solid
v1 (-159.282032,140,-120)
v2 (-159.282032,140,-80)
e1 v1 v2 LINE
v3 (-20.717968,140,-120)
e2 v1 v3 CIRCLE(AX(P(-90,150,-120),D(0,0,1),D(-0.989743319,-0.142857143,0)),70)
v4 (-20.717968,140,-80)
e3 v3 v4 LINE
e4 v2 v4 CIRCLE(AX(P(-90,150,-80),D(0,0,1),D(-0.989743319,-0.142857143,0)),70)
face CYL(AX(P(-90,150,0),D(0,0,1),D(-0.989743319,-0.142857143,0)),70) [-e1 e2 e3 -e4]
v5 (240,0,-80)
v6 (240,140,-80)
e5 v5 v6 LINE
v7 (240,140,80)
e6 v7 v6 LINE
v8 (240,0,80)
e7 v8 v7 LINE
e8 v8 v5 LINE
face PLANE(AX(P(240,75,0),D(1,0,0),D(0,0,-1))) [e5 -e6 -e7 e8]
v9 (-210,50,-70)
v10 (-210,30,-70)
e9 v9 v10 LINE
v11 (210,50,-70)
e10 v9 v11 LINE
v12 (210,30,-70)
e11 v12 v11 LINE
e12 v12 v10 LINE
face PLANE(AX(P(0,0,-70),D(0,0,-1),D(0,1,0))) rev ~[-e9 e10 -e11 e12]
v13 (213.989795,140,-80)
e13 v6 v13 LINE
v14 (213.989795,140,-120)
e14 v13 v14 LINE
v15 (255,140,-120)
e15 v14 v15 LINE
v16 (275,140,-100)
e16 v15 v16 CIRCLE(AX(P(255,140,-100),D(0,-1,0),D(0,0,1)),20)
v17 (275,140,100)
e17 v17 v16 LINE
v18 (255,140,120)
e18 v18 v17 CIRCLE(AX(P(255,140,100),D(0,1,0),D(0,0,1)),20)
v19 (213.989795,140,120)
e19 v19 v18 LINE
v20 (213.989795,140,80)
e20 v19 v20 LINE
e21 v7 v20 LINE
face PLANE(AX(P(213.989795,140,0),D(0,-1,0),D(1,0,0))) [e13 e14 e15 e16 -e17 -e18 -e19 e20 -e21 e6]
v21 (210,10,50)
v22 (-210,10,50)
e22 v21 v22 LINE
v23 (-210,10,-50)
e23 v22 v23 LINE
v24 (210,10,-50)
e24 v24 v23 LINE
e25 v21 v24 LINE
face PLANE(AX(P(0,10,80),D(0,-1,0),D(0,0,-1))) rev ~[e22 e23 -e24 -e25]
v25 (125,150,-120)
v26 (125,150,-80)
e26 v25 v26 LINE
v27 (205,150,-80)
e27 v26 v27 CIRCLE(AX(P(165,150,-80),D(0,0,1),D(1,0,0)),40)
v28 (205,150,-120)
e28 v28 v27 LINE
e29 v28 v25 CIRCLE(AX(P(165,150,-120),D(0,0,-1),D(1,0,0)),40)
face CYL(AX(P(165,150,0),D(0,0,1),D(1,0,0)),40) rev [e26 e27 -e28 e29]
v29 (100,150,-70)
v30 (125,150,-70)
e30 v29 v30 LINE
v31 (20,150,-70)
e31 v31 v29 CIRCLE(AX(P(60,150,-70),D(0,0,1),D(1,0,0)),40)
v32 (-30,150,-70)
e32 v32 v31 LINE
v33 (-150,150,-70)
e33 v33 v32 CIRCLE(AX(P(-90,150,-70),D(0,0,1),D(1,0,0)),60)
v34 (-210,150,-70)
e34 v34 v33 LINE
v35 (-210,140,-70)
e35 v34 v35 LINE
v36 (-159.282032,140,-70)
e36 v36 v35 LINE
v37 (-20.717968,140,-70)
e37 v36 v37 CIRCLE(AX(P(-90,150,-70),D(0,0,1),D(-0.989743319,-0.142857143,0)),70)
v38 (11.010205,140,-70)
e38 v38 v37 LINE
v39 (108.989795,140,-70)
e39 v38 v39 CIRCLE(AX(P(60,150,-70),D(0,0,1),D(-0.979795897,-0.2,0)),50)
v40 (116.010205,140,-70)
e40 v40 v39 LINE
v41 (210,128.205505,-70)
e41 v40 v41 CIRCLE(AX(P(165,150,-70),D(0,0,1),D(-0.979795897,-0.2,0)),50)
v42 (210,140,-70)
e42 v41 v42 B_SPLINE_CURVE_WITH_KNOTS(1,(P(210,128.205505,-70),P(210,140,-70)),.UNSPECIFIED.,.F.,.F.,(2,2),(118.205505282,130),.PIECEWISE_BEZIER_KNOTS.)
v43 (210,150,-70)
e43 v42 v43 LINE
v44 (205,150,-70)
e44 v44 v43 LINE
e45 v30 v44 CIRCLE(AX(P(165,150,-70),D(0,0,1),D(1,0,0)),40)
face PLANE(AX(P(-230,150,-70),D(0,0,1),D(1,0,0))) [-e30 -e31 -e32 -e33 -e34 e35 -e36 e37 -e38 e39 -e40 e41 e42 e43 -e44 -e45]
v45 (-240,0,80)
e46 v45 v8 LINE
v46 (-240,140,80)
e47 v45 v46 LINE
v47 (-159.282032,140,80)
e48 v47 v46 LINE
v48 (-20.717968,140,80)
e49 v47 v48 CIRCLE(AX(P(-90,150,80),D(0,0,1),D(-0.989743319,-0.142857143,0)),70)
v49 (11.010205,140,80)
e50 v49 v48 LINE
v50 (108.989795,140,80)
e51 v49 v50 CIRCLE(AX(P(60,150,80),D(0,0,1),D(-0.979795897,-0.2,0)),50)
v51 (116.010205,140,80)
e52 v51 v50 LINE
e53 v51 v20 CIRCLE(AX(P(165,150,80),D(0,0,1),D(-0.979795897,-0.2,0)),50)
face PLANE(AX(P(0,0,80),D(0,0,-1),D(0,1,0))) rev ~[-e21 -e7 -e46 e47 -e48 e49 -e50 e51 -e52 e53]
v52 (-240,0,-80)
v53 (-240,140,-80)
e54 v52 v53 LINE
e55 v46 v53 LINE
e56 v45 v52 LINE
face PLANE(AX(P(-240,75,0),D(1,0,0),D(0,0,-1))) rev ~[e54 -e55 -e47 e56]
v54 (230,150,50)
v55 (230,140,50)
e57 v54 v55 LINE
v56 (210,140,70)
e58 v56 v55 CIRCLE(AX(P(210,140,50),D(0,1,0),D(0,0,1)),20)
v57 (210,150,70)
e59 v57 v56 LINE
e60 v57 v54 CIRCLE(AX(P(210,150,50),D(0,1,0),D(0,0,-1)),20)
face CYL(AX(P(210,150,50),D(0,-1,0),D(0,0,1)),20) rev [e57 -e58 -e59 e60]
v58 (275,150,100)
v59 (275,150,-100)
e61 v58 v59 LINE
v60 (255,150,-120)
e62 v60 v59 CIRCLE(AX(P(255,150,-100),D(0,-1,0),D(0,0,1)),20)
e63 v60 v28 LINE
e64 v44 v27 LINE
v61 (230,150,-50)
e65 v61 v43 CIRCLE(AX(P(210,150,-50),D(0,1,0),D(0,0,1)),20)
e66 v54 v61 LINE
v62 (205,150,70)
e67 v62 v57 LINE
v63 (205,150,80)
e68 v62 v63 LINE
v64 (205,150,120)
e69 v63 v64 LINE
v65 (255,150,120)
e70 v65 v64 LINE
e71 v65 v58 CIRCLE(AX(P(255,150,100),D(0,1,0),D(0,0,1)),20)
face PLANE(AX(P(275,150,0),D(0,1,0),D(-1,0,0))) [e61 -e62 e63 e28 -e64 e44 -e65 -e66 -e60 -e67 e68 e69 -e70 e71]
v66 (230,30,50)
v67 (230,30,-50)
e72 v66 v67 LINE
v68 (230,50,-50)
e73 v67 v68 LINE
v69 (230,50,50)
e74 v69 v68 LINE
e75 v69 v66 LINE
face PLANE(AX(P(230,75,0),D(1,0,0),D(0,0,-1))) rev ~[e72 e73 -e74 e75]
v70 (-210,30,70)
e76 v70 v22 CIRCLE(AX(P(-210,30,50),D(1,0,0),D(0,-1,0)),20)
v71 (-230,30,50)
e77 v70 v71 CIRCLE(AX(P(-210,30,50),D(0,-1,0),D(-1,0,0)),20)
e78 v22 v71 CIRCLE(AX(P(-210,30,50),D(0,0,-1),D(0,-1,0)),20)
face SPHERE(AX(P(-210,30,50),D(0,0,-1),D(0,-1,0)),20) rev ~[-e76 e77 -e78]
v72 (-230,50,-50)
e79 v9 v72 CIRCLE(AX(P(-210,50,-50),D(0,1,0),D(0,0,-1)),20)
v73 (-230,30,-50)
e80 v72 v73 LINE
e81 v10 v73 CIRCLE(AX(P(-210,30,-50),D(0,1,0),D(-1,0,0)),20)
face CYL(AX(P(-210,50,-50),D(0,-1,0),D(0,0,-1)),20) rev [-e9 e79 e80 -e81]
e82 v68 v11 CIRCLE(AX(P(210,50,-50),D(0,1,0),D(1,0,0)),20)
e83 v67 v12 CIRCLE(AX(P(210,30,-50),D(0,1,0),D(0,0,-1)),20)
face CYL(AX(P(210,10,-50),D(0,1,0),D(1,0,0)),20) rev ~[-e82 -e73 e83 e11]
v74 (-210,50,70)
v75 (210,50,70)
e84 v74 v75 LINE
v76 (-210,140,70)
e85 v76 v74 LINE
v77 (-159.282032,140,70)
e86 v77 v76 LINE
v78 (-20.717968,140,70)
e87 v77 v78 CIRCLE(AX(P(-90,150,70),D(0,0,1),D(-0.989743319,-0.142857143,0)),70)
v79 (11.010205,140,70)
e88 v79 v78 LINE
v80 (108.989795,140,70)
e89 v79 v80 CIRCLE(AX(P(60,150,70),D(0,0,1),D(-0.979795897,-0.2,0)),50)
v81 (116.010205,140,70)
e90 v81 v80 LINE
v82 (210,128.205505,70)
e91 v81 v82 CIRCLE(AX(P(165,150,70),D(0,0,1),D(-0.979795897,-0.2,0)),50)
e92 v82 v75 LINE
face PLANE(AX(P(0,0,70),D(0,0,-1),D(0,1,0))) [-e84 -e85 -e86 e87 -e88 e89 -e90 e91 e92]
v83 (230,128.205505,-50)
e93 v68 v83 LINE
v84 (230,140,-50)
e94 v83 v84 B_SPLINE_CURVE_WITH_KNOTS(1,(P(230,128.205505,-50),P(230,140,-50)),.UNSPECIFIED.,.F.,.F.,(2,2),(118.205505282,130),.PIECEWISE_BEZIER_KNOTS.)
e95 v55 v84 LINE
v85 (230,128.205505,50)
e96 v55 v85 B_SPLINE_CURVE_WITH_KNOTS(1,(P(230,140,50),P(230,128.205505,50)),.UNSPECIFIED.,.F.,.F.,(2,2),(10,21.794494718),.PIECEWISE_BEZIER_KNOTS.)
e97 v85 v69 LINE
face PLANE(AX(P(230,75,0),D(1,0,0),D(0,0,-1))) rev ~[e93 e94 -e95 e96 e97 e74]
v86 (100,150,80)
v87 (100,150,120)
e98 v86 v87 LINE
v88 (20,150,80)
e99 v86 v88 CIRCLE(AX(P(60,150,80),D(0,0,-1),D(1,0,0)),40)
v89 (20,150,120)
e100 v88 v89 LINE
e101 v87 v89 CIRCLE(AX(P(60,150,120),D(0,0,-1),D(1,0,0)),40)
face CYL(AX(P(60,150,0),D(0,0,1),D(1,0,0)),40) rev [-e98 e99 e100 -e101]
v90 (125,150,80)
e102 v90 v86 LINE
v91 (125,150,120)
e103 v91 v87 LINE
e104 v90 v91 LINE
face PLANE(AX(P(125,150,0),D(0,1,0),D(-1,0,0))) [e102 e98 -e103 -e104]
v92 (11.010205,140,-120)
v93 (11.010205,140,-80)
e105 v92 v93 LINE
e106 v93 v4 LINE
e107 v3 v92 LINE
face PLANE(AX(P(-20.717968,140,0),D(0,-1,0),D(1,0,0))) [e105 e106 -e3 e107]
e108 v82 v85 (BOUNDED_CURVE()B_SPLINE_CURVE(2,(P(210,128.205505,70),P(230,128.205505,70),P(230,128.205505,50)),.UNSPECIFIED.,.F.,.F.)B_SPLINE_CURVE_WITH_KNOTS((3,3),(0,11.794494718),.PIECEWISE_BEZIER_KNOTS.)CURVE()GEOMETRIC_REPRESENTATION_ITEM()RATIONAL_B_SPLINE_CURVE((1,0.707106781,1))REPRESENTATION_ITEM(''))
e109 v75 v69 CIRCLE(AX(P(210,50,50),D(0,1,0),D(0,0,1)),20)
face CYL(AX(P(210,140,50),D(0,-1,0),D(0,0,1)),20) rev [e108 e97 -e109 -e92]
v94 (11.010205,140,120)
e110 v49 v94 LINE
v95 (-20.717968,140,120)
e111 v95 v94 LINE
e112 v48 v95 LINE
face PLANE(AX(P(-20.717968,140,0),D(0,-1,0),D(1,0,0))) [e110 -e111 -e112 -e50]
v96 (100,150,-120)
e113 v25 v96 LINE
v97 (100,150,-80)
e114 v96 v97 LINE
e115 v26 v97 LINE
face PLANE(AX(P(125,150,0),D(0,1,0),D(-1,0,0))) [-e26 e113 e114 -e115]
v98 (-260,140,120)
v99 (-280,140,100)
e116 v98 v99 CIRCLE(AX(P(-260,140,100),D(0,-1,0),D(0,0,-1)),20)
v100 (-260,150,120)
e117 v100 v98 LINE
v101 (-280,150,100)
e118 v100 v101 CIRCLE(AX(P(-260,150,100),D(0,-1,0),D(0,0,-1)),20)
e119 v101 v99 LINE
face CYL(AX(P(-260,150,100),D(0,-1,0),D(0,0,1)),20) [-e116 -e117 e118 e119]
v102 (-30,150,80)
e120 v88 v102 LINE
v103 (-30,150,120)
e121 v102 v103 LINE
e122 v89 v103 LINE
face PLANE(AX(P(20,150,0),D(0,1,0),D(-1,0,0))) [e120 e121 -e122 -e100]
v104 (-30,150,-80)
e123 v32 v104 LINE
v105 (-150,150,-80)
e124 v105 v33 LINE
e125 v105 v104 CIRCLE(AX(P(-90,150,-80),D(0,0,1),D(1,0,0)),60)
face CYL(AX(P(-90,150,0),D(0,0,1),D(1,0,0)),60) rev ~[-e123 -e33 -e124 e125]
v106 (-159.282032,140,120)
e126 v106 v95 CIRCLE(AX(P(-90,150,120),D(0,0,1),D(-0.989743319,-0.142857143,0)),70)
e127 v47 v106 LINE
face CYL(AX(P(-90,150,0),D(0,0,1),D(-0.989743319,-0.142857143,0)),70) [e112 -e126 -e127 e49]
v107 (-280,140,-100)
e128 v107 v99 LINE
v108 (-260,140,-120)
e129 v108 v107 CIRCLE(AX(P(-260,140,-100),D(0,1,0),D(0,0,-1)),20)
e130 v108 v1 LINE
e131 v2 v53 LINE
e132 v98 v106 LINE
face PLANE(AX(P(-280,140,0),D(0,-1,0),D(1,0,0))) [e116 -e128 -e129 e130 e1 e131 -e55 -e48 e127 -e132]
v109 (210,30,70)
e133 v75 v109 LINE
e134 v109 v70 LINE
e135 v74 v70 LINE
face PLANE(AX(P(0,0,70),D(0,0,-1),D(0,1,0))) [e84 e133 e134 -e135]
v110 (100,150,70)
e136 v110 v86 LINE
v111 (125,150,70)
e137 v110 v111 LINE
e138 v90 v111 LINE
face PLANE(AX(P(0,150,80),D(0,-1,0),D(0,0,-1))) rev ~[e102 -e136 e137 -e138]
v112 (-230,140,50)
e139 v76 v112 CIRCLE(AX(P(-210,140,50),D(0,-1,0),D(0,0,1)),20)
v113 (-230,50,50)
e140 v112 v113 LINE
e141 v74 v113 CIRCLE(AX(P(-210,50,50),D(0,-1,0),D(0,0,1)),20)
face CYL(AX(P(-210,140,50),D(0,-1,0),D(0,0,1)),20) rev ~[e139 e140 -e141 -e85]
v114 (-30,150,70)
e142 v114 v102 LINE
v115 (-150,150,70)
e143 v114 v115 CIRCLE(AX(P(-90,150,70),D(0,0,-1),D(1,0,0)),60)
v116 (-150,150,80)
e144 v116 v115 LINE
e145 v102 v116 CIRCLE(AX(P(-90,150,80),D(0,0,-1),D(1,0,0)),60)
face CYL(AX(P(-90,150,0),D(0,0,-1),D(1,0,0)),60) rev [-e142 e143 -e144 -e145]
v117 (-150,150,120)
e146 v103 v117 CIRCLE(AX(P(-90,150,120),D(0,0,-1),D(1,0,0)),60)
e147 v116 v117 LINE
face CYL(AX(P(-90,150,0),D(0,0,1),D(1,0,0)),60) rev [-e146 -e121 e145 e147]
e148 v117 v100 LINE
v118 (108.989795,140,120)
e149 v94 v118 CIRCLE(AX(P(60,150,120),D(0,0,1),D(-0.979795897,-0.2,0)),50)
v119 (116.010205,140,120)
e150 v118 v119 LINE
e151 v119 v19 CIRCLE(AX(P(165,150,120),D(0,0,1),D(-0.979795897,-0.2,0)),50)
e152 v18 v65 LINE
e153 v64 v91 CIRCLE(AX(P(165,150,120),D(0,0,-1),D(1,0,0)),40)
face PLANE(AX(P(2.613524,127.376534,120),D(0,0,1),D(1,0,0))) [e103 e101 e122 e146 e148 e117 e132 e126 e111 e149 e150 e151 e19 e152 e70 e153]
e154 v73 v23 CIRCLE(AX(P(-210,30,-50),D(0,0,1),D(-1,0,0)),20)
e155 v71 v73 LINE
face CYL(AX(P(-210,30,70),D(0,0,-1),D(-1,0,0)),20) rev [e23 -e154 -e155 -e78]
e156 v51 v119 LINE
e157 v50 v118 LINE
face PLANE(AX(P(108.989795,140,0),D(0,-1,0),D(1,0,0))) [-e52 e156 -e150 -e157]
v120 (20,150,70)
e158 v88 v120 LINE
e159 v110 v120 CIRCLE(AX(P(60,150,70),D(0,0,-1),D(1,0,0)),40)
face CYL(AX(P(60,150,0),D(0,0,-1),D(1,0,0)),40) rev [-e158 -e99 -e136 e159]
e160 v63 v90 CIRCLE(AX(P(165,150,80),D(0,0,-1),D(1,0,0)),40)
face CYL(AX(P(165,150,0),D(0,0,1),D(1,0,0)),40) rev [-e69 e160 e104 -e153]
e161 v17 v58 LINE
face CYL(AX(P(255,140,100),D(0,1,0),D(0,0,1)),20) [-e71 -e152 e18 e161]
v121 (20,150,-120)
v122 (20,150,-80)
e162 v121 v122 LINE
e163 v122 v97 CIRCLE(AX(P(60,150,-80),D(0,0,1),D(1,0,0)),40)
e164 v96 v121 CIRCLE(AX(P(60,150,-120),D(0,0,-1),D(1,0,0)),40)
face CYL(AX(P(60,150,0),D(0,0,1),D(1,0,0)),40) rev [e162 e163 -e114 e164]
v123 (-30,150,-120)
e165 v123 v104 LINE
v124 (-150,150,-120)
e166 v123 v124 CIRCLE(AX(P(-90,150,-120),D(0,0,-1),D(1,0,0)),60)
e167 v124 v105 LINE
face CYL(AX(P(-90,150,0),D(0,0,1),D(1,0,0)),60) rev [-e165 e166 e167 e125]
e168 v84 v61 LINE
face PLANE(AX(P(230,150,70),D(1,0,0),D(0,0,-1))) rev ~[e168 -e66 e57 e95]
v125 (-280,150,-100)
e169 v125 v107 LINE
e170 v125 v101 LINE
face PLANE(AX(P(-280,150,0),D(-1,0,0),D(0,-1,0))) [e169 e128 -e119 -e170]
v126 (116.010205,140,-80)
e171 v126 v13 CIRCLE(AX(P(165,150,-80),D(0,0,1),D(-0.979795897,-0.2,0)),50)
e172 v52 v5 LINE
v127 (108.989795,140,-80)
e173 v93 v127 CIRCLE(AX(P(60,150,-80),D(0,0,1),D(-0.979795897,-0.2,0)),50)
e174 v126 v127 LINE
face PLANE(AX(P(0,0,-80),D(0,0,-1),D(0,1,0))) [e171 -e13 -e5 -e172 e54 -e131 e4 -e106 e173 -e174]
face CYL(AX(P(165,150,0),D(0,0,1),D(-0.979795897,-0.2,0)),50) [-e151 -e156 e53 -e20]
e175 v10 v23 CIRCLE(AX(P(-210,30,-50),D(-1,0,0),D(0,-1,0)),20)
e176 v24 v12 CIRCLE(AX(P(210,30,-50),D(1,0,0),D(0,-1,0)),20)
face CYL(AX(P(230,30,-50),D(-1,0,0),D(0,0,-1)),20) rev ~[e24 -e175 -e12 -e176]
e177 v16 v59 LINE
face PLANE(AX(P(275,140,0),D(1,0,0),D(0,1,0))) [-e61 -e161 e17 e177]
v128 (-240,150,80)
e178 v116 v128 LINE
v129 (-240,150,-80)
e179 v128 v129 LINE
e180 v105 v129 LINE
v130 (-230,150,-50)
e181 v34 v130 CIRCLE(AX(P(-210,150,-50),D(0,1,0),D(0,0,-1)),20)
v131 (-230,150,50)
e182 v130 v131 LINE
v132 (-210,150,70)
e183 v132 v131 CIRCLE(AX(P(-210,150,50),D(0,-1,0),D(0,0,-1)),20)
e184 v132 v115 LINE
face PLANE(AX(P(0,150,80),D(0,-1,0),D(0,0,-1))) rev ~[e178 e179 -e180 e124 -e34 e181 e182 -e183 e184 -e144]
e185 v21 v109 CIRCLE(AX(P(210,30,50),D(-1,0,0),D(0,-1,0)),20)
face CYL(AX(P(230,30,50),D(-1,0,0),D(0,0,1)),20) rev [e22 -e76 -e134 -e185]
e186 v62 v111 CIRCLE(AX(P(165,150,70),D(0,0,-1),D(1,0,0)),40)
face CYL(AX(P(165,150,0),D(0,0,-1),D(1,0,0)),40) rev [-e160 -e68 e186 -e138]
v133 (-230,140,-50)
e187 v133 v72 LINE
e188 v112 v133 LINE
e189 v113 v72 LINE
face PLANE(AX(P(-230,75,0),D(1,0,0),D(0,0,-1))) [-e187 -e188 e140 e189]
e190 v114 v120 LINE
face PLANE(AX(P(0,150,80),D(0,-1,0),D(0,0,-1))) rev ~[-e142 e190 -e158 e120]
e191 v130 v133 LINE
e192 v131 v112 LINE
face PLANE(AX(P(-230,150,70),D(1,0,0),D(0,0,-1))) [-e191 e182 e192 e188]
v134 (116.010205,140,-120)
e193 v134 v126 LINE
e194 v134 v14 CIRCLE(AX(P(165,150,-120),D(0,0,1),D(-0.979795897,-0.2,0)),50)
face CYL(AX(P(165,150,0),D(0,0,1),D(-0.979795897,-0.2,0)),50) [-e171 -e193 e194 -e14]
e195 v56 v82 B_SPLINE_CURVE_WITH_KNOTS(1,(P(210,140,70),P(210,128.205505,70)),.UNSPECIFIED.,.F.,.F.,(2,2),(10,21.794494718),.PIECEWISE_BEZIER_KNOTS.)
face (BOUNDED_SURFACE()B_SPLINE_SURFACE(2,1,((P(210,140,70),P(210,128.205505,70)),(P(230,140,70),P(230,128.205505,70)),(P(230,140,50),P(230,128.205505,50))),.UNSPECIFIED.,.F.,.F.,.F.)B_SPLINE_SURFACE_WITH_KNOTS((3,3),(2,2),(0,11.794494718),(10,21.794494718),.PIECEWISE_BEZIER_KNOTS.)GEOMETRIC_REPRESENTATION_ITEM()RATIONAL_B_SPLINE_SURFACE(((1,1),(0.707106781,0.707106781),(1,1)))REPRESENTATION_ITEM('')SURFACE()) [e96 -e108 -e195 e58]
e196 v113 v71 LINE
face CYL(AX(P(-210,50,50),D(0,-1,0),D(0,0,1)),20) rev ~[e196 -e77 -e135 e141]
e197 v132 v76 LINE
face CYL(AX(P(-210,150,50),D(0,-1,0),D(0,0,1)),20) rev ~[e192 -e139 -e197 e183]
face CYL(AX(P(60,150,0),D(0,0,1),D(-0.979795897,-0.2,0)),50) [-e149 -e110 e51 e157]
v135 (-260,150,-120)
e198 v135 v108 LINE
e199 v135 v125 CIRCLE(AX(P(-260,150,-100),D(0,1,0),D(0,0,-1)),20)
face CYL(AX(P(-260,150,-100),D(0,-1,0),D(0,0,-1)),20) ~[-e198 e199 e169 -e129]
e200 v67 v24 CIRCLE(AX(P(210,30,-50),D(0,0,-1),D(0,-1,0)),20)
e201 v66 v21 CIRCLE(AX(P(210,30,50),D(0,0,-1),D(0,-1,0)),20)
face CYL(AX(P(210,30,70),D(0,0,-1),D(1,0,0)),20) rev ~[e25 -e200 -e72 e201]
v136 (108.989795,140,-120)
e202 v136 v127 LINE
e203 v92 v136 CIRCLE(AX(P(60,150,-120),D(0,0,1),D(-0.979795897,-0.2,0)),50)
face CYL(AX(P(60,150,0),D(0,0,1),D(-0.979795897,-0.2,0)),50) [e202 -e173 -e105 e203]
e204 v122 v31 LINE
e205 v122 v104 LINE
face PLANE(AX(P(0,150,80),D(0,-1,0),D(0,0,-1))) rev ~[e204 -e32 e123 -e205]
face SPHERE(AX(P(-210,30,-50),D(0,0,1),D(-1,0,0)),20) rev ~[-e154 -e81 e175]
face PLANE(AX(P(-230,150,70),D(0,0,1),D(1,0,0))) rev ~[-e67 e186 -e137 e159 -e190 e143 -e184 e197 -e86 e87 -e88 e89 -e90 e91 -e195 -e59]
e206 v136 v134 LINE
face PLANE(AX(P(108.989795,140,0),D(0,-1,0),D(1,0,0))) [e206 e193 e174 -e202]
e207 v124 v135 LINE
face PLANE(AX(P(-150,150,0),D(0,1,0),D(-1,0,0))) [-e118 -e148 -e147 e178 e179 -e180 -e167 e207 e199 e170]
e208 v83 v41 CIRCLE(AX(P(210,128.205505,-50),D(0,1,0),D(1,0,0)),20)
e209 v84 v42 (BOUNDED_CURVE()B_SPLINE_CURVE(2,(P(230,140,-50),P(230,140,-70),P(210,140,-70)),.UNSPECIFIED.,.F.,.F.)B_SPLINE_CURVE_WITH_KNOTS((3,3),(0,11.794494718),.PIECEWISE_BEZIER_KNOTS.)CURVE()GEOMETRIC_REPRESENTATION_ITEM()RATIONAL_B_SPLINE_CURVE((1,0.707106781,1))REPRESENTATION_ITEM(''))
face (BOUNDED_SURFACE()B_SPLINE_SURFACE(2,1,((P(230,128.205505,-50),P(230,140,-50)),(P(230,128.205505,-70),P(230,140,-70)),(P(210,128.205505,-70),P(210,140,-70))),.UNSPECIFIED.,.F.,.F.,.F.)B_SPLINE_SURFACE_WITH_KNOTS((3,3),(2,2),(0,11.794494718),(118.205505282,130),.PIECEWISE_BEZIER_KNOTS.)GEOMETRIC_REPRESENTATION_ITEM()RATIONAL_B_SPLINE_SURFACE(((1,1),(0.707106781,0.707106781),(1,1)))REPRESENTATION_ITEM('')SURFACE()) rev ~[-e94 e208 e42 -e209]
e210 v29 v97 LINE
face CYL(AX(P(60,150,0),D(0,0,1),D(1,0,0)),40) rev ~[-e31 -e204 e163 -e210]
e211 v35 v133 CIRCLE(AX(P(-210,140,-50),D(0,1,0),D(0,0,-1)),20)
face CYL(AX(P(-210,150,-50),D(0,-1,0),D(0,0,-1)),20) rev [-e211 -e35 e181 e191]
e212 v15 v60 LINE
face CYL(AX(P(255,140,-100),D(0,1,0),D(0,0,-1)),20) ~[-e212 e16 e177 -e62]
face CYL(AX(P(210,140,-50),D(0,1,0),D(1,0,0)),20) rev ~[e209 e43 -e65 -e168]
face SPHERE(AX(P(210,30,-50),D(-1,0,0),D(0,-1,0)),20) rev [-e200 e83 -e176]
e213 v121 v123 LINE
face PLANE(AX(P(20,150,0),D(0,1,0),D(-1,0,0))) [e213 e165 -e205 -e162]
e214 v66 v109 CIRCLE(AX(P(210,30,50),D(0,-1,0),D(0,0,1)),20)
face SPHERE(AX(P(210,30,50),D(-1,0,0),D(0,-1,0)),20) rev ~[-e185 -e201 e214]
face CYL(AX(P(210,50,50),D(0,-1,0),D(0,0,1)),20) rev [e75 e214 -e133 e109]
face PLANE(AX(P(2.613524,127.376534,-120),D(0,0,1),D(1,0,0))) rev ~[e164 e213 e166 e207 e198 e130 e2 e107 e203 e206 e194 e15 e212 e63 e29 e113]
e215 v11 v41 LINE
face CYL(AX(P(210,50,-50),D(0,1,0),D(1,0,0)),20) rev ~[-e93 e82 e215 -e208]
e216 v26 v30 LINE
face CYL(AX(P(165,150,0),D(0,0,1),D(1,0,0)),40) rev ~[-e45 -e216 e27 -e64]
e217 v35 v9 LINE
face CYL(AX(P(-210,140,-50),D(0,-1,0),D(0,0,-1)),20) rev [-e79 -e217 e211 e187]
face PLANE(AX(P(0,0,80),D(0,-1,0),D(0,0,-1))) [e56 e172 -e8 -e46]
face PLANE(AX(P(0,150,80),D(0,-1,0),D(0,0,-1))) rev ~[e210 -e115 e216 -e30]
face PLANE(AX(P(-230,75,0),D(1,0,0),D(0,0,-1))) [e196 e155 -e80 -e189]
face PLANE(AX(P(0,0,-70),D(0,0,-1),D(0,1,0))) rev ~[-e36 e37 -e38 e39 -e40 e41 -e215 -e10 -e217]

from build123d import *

# Parameters (mm, degrees)
SKETCH1_W               = 160
SKETCH1_H               = 150
BOSS_EXTRUDE1_DEPTH     = 240
SHELL1_T                = -10
SKETCH2_R               = 60
SKETCH2_R_2             = 40
CUT_EXTRUDE1_DEPTH      = 81
CUT_EXTRUDE1_DEPTH_BACK = 81
EXTRUDE_THIN1_DEPTH     = 120
SKETCH4_W               = 460
SKETCH4_H               = 140
CUT_EXTRUDE2_DEPTH      = 100
FILLET1_R               = 20
FILLET2_R               = 20


with BuildPart() as part:
    # Sketch1 → Boss-Extrude1 (new body, symmetric)
    with BuildSketch(Plane(origin=(0, 0, 0), x_dir=(0, 0, -1), z_dir=(1, 0, 0))):
        with Locations((0, 75)):
            Rectangle(SKETCH1_W, SKETCH1_H)
    extrude(amount=BOSS_EXTRUDE1_DEPTH, both=True)

    # Shell1
    shell1_openings = [part.faces().sort_by_distance(p)[0] for p in [
        (0, 150, 0),
    ]]
    offset(amount=SHELL1_T, openings=shell1_openings, kind=Kind.INTERSECTION)

    # Sketch2 → Cut-Extrude1 (cut, two sides)
    with BuildSketch(Plane.XY) as cut_extrude1_sk:
        with Locations((-90, 150)):
            Circle(SKETCH2_R)
        with Locations((60, 150)):
            Circle(SKETCH2_R_2)
        with Locations((165, 150)):
            Circle(SKETCH2_R_2)
    extrude(amount=CUT_EXTRUDE1_DEPTH, mode=Mode.SUBTRACT)
    extrude(cut_extrude1_sk.sketch, amount=-CUT_EXTRUDE1_DEPTH_BACK, mode=Mode.SUBTRACT)

    # Sketch3 → Extrude-Thin1 (add, symmetric)
    with BuildSketch(Plane.XY):
        with BuildLine():
            Line((275, 150), (205, 150))
            ThreePointArc((205, 150), (165, 110), (125, 150))
            Line((125, 150), (100, 150))
            ThreePointArc((100, 150), (60, 110), (20, 150))
            Line((20, 150), (-30, 150))
            ThreePointArc((-30, 150), (-90, 90), (-150, 150))
            Line((-150, 150), (-280, 150))
            Line((-280, 150), (-280, 140))
            Line((-280, 140), (-159.282032303, 140))
            ThreePointArc((-159.282032303, 140), (-90, 80), (-20.717967697, 140))
            Line((-20.717967697, 140), (11.010205144, 140))
            ThreePointArc((11.010205144, 140), (60, 100), (108.989794856, 140))
            Line((108.989794856, 140), (116.010205144, 140))
            ThreePointArc((116.010205144, 140), (165, 100), (213.989794856, 140))
            Line((213.989794856, 140), (275, 140))
            Line((275, 140), (275, 150))
        make_face()
    extrude(amount=EXTRUDE_THIN1_DEPTH, both=True)

    # Sketch4 → Cut-Extrude2 (cut)
    with BuildSketch(Plane(origin=(0, 150, 0), x_dir=(1, 0, 0), z_dir=(0, 1, 0))):
        Rectangle(SKETCH4_W, SKETCH4_H)
    extrude(amount=-CUT_EXTRUDE2_DEPTH, mode=Mode.SUBTRACT)

    # Fillet1
    fillet1_edges = [part.edges().sort_by_distance(p)[0] for p in [
        (275, 145, 120),
        (-280, 145, 120),
        (-280, 145, -120),
        (275, 145, -120),
    ]]
    fillet(fillet1_edges, radius=FILLET1_R)

    # Fillet2
    fillet2_edges = [part.edges().sort_by_distance(p)[0] for p in [
        (-230, 10, 0),
        (0, 10, 70),
        (-230, 80, -70),
        (0, 10, -70),
        (230, 10, 0),
        (230, 80, -70),
        (-230, 80, 70),
        (230, 80, 70),
    ]]
    fillet(fillet2_edges, radius=FILLET2_R)


solid = part.part
